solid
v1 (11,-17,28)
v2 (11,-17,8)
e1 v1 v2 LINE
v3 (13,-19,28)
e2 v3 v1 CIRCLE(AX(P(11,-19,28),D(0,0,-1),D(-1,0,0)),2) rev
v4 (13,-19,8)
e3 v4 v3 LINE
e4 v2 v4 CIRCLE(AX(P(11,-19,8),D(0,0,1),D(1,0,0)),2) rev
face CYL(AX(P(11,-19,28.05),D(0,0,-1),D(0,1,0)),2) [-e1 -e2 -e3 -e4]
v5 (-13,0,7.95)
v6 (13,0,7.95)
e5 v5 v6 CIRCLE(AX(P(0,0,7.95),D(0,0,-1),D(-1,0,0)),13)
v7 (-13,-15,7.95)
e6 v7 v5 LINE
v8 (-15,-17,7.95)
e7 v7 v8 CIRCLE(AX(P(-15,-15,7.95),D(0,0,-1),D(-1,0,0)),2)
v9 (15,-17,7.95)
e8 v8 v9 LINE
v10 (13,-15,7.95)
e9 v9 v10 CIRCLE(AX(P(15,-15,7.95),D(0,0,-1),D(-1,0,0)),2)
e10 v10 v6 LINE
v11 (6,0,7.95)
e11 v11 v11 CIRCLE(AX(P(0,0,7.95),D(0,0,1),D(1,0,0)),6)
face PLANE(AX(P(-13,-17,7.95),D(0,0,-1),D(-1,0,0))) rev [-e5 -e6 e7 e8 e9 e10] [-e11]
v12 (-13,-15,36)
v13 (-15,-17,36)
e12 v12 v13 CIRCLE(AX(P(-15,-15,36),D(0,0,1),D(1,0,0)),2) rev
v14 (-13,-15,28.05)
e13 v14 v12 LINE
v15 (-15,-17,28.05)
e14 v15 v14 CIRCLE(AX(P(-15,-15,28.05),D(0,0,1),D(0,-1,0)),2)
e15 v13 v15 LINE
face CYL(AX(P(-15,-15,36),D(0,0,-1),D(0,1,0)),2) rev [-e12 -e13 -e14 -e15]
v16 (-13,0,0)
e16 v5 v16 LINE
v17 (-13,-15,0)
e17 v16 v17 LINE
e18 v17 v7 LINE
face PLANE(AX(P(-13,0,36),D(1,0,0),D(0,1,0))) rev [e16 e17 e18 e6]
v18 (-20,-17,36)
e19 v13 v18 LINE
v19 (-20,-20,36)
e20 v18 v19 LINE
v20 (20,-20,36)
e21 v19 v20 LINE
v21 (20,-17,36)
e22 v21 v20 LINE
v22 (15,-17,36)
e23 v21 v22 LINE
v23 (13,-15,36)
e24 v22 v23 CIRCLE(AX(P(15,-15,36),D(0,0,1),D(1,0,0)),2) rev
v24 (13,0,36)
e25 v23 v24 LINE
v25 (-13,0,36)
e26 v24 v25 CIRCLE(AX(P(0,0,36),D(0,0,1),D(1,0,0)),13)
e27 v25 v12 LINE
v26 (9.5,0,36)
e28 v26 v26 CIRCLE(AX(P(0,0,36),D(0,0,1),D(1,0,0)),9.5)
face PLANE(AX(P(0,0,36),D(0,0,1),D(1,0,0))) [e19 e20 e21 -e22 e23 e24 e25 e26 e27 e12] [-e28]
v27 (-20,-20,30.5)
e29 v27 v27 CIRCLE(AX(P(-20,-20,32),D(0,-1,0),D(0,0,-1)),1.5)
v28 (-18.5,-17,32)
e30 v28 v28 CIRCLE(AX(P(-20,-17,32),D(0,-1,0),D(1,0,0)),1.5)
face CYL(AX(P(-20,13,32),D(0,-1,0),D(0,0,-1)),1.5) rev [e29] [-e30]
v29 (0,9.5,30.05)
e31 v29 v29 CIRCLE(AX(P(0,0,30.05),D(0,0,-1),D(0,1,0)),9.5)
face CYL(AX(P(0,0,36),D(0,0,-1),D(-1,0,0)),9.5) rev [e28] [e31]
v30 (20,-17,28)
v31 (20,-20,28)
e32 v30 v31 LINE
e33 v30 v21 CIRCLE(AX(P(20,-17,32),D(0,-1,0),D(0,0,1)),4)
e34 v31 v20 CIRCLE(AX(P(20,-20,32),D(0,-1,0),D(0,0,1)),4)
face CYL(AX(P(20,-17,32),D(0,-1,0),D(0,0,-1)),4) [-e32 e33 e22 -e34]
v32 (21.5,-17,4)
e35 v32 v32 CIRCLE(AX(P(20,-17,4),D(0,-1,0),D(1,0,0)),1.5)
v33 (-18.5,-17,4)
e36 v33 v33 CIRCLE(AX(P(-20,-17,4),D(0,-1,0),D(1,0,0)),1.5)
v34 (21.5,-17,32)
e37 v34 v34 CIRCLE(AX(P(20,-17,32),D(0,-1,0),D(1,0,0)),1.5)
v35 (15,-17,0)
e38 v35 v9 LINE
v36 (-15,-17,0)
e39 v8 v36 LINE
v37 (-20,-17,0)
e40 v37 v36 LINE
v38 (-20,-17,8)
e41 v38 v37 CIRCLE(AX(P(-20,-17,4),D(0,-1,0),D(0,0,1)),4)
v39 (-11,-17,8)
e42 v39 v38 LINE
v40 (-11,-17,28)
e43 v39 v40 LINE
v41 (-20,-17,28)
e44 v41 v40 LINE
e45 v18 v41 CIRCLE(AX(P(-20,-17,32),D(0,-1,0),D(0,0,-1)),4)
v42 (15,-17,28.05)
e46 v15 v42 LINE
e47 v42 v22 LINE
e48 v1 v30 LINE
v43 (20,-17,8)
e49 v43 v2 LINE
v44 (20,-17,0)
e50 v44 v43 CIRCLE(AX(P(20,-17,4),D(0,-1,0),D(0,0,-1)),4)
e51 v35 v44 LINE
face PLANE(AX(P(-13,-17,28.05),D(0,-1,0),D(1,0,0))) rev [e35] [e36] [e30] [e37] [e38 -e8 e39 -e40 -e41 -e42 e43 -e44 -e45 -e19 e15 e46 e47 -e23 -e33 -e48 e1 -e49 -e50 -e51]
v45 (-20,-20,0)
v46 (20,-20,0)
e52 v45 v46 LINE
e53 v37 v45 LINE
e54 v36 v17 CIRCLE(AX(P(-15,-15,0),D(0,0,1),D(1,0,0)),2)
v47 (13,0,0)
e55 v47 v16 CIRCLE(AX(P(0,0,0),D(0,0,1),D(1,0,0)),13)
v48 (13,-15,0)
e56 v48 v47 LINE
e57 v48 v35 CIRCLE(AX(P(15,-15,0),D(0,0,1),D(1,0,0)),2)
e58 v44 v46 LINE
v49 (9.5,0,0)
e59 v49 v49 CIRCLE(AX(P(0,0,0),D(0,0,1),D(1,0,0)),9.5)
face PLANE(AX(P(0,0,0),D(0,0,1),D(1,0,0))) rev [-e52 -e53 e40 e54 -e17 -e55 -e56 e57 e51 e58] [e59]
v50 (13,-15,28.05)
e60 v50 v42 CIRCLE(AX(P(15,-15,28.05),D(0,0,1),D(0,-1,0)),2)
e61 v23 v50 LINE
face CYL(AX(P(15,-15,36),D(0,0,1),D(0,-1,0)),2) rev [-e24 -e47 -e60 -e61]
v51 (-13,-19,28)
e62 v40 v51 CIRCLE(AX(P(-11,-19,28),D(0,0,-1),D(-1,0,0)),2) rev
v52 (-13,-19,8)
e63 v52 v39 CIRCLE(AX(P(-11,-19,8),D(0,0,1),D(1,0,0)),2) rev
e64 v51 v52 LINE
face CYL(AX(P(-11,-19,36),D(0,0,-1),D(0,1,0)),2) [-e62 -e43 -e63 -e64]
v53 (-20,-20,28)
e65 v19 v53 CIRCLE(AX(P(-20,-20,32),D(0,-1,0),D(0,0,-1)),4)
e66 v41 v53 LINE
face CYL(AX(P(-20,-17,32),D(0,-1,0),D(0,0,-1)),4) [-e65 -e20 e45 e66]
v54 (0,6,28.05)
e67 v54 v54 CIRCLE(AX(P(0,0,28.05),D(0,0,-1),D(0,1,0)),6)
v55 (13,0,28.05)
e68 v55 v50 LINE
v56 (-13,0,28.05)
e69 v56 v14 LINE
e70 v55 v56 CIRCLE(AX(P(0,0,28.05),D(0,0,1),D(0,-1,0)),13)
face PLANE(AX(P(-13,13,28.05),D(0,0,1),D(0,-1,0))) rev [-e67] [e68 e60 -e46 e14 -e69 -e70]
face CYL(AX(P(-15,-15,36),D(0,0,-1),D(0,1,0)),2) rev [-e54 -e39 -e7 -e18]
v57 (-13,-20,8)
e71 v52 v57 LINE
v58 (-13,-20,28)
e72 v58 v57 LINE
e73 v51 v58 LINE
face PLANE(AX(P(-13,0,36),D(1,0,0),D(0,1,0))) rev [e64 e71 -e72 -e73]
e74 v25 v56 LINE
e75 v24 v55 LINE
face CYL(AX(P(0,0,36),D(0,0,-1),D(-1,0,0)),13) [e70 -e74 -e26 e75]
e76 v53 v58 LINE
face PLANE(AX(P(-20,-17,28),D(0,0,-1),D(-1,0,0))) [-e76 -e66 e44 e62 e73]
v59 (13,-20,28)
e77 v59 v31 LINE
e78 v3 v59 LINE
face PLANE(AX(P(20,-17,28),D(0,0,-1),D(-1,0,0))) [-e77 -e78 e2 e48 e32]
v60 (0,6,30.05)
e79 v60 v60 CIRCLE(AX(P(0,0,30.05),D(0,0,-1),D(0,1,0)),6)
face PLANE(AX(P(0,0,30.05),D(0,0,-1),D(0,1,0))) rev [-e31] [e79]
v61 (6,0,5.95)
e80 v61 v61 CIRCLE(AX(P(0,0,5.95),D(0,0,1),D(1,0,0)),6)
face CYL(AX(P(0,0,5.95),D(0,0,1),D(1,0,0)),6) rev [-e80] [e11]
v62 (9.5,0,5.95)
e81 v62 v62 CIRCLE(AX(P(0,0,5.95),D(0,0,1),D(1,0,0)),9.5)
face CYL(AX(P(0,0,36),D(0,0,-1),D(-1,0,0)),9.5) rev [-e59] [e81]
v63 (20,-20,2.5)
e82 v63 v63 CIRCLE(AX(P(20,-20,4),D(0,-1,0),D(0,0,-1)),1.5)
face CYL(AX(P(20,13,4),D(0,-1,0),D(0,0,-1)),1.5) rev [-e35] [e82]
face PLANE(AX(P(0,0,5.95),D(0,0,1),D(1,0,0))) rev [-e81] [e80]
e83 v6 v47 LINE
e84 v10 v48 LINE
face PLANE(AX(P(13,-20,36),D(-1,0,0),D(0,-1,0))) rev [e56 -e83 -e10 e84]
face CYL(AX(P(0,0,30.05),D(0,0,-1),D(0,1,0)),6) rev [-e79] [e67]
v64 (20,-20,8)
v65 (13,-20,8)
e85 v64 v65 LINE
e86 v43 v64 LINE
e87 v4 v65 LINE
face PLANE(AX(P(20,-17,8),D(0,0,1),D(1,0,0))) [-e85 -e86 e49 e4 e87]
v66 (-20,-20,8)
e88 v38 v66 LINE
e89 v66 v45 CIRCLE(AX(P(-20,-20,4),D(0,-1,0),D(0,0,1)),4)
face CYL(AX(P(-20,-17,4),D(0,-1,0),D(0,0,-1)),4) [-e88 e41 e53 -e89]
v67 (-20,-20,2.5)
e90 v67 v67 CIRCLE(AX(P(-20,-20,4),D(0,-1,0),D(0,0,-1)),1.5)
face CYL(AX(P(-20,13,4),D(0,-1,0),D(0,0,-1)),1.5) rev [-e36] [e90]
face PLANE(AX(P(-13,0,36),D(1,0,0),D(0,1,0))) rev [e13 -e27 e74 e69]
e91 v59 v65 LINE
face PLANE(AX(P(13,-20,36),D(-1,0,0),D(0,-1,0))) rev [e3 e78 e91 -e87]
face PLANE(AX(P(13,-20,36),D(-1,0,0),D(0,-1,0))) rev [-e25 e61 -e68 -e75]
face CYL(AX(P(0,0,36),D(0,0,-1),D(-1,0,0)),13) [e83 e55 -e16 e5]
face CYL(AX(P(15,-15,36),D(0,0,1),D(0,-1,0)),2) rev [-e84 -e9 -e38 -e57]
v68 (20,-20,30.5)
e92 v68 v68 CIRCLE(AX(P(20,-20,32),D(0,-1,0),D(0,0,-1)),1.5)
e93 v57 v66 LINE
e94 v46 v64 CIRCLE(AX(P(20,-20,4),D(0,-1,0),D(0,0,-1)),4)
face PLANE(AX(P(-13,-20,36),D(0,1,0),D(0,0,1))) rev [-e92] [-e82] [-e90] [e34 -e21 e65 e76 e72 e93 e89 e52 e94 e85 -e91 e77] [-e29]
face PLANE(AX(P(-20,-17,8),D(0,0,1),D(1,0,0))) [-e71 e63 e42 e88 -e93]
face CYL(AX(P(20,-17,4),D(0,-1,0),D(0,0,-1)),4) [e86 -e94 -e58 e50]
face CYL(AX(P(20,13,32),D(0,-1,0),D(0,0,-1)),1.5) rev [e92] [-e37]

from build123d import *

# Parameters (mm, degrees)
CROQUIS1_R              = 9.5
SALIENTE_EXTRUIR1_DEPTH = 36
CROQUIS2_W              = 20.1
CROQUIS2_H              = 30
CORTAR_EXTRUIR2_DEPTH   = 49.703182648
CROQUIS3_R              = 9.5
CROQUIS3_R_2            = 6
SALIENTE_EXTRUIR2_DEPTH = 2
SALIENTE_EXTRUIR3_START = -2
CROQUIS4_R              = 9.5
CROQUIS4_R_2            = 6
SALIENTE_EXTRUIR3_DEPTH = 2
SALIENTE_EXTRUIR4_DEPTH = 3
CROQUIS6_R              = 1.5
CORTAR_EXTRUIR3_DEPTH   = 55.415071442
REDONDEO3_R             = 2


with BuildPart() as part:
    # Croquis1 → Saliente-Extruir1 (new body)
    with BuildSketch(Plane.XY):
        with BuildLine():
            Line((-13, 0), (-13, -20))
            Line((-13, -20), (13, -20))
            Line((13, -20), (13, 0))
            ThreePointArc((13, 0), (0, 13), (-13, 0))
        make_face()
        Circle(CROQUIS1_R, mode=Mode.SUBTRACT)
    extrude(amount=SALIENTE_EXTRUIR1_DEPTH)

    # Croquis2 → Cortar-Extruir2 (cut, through all)
    with BuildSketch(Plane(origin=(13, 0, 0), x_dir=(0, 0, -1), z_dir=(1, 0, 0))):
        with Locations((-18, -2)):
            Rectangle(CROQUIS2_W, CROQUIS2_H)
    extrude(amount=-CORTAR_EXTRUIR2_DEPTH, mode=Mode.SUBTRACT)

    # Croquis3 → Saliente-Extruir2 (add)
    with BuildSketch(Plane(origin=(0, 0, 28.05), x_dir=(-1, 0, 0), z_dir=(0, 0, -1))):
        with Locations(Location((0, 0, 0), (0, 0, 90))):
            Circle(CROQUIS3_R)
        with Locations(Location((0, 0, 0), (0, 0, 90))):
            Circle(CROQUIS3_R_2, mode=Mode.SUBTRACT)
    extrude(amount=-SALIENTE_EXTRUIR2_DEPTH)

    # Croquis4 → Saliente-Extruir3 (add)
    with BuildSketch(Plane.XY.offset(7.95).offset(SALIENTE_EXTRUIR3_START)):
        Circle(CROQUIS4_R)
        with Locations(Location((0, 0, 0), (0, 0, 90))):
            Circle(CROQUIS4_R_2, mode=Mode.SUBTRACT)
    extrude(amount=SALIENTE_EXTRUIR3_DEPTH)

    # Croquis5 → Saliente-Extruir4 (add)
    with BuildSketch(Plane.XZ.offset(20)):
        with BuildLine():
            Line((13, 36), (20, 36))
            ThreePointArc((20, 36), (24, 32), (20, 28))
            Line((20, 28), (13, 28))
            Line((13, 28), (13, 36))
        make_face()
        with BuildLine():
            Line((13, 0), (20, 0))
            ThreePointArc((20, 0), (24, 4), (20, 8))
            Line((20, 8), (13, 8))
            Line((13, 8), (13, 0))
        make_face()
        with BuildLine():
            Line((-13, 0), (-20, 0))
            ThreePointArc((-20, 0), (-24, 4), (-20, 8))
            Line((-20, 8), (-13, 8))
            Line((-13, 8), (-13, 0))
        make_face()
        with BuildLine():
            Line((-13, 28), (-13, 36))
            Line((-13, 36), (-20, 36))
            ThreePointArc((-20, 36), (-24, 32), (-20, 28))
            Line((-20, 28), (-13, 28))
        make_face()
    extrude(amount=-SALIENTE_EXTRUIR4_DEPTH)

    # Croquis6 → Cortar-Extruir3 (cut, through all)
    with BuildSketch(Plane.XZ.offset(20)):
        with Locations(Location((-20, 32, 0), (0, 0, 270))):
            Circle(CROQUIS6_R)
        with Locations(Location((20, 32, 0), (0, 0, 270))):
            Circle(CROQUIS6_R)
        with Locations(Location((-20, 4, 0), (0, 0, 270))):
            Circle(CROQUIS6_R)
        with Locations(Location((20, 4, 0), (0, 0, 270))):
            Circle(CROQUIS6_R)
    extrude(amount=-CORTAR_EXTRUIR3_DEPTH, mode=Mode.SUBTRACT)

    # Redondeo3
    redondeo3_edges = [part.edges().sort_by_distance(p)[0] for p in [
        (13, -17, 18),
        (-13, -17, 18),
        (-13, -17, 32.025),
        (-13, -17, 3.975),
        (13, -17, 3.975),
        (13, -17, 32.025),
    ]]
    fillet(redondeo3_edges, radius=REDONDEO3_R)


solid = part.part
